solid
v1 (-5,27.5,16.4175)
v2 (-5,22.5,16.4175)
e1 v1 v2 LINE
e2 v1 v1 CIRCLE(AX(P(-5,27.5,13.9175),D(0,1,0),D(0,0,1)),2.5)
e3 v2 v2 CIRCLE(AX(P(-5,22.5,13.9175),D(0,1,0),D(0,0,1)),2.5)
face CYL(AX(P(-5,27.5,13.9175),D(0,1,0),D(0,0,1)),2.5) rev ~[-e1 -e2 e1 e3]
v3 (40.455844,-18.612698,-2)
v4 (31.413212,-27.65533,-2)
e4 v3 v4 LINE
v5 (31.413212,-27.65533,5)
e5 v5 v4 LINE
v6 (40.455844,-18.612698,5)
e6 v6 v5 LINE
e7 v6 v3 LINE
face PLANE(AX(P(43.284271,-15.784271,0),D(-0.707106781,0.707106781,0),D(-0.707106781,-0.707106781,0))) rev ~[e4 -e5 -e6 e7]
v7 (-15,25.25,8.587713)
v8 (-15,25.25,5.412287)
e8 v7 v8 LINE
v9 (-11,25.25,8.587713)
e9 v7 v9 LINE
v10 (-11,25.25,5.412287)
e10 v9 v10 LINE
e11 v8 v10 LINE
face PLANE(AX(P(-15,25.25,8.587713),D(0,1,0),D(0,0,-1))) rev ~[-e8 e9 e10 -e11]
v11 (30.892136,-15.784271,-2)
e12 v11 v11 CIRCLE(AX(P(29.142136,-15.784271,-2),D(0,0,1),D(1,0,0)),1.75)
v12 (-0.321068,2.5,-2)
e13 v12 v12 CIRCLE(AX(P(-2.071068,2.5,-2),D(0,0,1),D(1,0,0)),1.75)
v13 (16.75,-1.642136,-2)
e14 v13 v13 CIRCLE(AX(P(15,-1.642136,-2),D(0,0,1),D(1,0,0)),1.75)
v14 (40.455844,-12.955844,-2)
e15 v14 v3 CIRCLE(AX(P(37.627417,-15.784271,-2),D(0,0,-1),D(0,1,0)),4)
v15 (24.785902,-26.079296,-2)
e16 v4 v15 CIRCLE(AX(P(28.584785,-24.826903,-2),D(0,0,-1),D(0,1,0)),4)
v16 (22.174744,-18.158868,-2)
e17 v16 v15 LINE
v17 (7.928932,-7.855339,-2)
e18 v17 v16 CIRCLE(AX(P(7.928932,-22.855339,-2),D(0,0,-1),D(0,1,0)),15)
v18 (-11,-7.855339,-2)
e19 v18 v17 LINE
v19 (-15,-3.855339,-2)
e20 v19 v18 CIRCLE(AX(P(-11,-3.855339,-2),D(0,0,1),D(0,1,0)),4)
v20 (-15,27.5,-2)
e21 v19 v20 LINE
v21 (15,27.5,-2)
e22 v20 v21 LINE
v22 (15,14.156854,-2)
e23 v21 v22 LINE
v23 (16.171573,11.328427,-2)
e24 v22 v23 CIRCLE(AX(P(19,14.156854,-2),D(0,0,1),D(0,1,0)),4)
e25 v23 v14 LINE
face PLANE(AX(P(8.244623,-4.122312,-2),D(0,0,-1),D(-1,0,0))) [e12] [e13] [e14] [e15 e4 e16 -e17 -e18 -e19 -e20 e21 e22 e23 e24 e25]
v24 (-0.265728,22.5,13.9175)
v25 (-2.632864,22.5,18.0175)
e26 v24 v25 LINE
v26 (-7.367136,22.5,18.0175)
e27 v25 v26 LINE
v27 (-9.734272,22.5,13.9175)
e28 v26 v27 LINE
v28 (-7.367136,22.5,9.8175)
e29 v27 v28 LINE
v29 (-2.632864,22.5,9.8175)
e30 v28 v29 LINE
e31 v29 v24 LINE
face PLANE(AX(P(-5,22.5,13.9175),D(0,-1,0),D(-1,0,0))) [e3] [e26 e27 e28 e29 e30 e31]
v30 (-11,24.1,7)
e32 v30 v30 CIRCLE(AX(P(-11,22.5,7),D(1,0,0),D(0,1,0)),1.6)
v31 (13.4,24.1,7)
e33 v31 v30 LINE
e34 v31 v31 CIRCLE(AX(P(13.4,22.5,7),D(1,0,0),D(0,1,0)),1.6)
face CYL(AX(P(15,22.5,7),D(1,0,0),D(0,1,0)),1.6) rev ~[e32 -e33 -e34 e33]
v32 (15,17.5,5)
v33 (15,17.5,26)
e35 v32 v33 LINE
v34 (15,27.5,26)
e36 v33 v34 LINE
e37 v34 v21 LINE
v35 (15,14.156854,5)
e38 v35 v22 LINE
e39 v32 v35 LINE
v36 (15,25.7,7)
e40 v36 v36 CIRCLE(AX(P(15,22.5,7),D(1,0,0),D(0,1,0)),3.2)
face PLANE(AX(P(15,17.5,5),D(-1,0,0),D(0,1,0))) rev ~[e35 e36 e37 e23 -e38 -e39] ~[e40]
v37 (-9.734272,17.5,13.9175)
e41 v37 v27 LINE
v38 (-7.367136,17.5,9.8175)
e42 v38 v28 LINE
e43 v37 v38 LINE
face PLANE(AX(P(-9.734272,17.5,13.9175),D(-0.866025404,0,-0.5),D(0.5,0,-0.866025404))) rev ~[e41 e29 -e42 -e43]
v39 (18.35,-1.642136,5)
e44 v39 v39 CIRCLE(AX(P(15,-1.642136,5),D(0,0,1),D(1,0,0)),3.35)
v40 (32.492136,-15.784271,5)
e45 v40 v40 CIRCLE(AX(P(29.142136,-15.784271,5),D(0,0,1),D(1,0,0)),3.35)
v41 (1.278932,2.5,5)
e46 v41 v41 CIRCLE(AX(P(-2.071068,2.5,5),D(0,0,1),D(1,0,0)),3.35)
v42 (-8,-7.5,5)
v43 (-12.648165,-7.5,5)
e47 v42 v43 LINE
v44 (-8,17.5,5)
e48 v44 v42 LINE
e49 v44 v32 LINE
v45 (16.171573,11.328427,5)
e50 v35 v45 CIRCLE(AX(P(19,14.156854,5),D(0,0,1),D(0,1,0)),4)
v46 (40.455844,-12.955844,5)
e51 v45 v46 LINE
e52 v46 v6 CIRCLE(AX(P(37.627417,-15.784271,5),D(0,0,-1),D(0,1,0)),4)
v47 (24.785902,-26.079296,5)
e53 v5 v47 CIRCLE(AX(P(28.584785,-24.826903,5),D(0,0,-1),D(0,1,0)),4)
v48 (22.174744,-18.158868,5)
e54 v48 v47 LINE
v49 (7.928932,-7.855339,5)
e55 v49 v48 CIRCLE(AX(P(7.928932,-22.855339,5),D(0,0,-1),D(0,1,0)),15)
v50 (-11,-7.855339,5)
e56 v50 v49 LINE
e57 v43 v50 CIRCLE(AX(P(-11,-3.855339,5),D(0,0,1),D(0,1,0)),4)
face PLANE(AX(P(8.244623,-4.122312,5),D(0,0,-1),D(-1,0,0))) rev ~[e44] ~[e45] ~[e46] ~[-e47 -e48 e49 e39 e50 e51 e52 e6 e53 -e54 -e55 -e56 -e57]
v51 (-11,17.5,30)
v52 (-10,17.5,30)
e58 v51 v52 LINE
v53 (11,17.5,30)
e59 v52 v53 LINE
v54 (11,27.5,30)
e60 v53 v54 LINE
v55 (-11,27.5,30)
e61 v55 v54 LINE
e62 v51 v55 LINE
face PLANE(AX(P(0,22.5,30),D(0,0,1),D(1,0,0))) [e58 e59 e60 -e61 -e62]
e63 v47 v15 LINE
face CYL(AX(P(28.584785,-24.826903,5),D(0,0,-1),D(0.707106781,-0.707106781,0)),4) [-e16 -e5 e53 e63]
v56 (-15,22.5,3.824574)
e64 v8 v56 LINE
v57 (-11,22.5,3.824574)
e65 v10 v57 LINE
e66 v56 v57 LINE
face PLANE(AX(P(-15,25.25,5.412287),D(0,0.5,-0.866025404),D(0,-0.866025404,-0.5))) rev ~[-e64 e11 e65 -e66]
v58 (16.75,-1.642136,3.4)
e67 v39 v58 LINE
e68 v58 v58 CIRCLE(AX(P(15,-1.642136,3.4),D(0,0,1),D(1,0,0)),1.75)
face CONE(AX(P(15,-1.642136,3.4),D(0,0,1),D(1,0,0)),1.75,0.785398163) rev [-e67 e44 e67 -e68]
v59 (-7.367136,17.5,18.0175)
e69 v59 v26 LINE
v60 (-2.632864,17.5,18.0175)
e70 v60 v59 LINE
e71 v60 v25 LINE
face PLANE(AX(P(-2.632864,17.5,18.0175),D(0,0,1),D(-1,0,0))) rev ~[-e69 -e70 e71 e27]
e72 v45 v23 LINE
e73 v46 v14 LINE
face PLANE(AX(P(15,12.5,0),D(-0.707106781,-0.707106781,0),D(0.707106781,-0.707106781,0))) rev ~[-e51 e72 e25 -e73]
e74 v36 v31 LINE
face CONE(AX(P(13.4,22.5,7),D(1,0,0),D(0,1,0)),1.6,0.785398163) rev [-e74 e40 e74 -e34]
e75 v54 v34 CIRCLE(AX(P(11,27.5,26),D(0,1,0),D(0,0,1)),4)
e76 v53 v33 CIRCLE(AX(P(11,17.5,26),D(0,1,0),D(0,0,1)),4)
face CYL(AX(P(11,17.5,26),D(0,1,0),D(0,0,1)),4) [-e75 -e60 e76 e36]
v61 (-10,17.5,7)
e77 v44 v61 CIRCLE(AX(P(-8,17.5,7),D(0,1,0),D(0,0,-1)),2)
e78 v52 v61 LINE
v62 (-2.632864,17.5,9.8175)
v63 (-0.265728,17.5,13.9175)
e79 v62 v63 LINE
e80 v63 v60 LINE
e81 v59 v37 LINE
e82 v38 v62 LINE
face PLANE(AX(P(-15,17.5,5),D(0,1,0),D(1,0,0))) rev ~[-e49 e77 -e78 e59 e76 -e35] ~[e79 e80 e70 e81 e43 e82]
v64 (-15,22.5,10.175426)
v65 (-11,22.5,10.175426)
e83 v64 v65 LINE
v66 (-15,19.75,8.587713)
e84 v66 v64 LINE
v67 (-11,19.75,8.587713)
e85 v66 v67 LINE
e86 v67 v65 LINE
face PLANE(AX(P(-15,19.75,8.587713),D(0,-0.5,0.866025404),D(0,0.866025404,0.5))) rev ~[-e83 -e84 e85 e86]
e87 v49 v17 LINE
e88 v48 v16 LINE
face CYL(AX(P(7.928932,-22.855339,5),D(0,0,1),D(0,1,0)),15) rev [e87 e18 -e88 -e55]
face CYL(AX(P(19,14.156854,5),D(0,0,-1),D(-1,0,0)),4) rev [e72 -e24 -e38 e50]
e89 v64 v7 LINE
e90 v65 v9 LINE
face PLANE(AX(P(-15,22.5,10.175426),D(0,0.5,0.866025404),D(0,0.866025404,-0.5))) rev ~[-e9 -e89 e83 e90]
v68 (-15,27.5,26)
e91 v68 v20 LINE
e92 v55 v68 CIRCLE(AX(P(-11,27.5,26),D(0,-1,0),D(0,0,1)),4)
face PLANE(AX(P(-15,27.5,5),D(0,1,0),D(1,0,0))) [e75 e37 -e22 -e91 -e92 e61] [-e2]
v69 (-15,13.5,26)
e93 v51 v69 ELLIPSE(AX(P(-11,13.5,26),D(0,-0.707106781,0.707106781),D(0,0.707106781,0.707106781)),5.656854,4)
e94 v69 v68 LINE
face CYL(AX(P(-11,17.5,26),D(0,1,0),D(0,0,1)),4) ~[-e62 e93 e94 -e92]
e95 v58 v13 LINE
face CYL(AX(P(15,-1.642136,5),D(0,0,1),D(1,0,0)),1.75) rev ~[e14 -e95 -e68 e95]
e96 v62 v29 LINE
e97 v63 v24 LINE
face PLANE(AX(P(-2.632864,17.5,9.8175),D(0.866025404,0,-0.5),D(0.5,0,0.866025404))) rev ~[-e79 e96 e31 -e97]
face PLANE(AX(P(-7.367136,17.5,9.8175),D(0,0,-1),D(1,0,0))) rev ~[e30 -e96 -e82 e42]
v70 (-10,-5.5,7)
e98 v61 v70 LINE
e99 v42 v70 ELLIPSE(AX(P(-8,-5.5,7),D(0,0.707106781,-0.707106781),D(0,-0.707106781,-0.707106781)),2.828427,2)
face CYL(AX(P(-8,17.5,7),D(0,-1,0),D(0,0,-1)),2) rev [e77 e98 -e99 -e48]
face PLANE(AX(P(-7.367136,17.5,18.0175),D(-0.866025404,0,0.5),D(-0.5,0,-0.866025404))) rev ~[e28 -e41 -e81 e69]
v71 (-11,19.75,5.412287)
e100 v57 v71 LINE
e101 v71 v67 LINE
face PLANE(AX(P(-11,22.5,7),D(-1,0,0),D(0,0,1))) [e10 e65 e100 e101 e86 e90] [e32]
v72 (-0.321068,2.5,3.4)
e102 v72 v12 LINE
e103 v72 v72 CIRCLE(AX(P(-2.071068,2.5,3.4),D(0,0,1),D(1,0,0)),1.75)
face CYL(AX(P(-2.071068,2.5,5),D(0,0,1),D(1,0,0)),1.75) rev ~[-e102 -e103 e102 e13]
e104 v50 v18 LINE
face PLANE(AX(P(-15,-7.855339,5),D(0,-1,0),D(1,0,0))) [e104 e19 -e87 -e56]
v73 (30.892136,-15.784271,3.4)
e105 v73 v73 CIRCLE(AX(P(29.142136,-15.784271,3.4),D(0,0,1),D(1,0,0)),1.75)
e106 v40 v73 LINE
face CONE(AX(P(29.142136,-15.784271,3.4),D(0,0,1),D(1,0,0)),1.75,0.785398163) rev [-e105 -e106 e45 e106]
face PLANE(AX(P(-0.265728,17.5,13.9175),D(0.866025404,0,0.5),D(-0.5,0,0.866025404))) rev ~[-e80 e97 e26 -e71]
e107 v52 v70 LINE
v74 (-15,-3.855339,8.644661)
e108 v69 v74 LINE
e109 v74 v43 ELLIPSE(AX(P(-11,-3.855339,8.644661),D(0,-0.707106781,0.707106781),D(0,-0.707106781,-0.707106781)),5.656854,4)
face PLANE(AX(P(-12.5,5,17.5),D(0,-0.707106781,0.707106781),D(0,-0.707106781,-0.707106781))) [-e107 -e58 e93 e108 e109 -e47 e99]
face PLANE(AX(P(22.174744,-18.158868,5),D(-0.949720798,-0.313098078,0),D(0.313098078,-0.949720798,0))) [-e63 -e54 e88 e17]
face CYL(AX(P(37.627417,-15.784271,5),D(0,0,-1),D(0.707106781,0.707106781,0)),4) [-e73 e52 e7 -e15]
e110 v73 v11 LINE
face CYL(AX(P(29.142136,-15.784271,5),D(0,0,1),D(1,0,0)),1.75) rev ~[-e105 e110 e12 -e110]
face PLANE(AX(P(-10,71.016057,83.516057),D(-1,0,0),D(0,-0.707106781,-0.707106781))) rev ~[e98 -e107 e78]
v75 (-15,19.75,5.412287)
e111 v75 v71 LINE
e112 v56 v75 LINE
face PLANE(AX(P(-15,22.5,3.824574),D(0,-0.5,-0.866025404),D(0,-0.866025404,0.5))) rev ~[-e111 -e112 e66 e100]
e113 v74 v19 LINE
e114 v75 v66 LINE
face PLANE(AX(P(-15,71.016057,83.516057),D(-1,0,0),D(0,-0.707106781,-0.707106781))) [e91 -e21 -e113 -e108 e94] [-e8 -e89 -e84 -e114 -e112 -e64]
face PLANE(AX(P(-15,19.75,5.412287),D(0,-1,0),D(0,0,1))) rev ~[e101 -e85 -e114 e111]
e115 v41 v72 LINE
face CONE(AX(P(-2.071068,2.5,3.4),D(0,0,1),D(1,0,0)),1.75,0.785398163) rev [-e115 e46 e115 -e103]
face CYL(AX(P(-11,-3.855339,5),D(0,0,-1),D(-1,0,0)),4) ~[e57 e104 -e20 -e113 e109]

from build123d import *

# Parameters (mm, degrees)
BOSS_EXTRUDE1_DEPTH      = 5
BOSS_EXTRUDE1_DEPTH_BACK = 2
SKETCH3_W                = 30
SKETCH3_H                = 10
BOSS_EXTRUDE2_DEPTH      = 25
SKETCH4_R                = 2.5
CUT_EXTRUDE1_DEPTH       = 83.331203834
RIB1_REACH               = 76.683
SKETCH6_WALL_W           = 186.72160491
SKETCH6_WALL_H           = 5
CUT_EXTRUDE2_DEPTH       = 7
CUT_EXTRUDE3_DEPTH       = 5
FILLET1_R                = 4
SKETCH9_R                = 1.75
CUT_EXTRUDE4_DEPTH       = 60.485369609
CHAMFER1_SIZE            = 1.6
FILLET2_R                = 4
SKETCH10_R               = 1.6
CUT_EXTRUDE5_DEPTH       = 52.293180378
CUT_EXTRUDE6_DEPTH       = 4
CHAMFER2_SIZE            = 1.6
FILLET3_R                = 2


with BuildPart() as part:
    # Sketch1 → Boss-Extrude1 (new, two sides)
    with BuildSketch(Plane.XY) as boss_extrude1_sk:
        Polygon((15, 27.5), (15, 12.5), (43.284271247, -15.784271247), (23.284271247, -35.784271247), (15, -27.5), (-15, -27.5), (-15, 27.5), align=None)
    extrude(amount=BOSS_EXTRUDE1_DEPTH)
    extrude(boss_extrude1_sk.sketch, amount=-BOSS_EXTRUDE1_DEPTH_BACK)

    # Sketch3 → Boss-Extrude2 (add)
    with BuildSketch(Plane.XY.offset(5)):
        with Locations((0, 22.5)):
            Rectangle(SKETCH3_W, SKETCH3_H)
    extrude(amount=BOSS_EXTRUDE2_DEPTH)

    # Sketch4 → Cut-Extrude1 (cut, through all)
    with BuildSketch(Plane(origin=(0, 27.5, 0), x_dir=(1, 0, 0), z_dir=(0, 1, 0))):
        with Locations(Location((-5, -13.9175, 0), (0, 0, 270))):
            Circle(SKETCH4_R)
    extrude(amount=-CUT_EXTRUDE1_DEPTH, mode=Mode.SUBTRACT)

    # Sketch6 wall → Rib1 (add, up to next)
    with BuildSketch(Plane(origin=(-15, 5, 17.5), x_dir=(0, -0.707106781187, -0.707106781187), z_dir=(0, -0.707106781187, 0.707106781187)), mode=Mode.PRIVATE) as rib1_sk1:
        with Locations((0, 2.5)):
            Rectangle(SKETCH6_WALL_W, SKETCH6_WALL_H)
    rib1_tool1 = extrude(rib1_sk1.sketch, amount=-RIB1_REACH, mode=Mode.PRIVATE) - part.part
    add(rib1_tool1.solids().sort_by_distance((-15, 5, 17.5))[0])

    # Sketch7 → Cut-Extrude2 (cut)
    with BuildSketch(Plane.XY.offset(5)):
        with BuildLine():
            Line((22.174744155, -18.158867896), (26.819805153, -32.248737342))
            Line((26.819805153, -32.248737342), (23.284271247, -35.784271247))
            Line((23.284271247, -35.784271247), (-15, -27.5))
            Line((-15, -27.5), (-15, -7.855339059))
            Line((-15, -7.855339059), (7.928932188, -7.855339059))
            ThreePointArc((7.928932188, -7.855339059), (16.719635588, -10.701182004), (22.174744155, -18.158867896))
        make_face()
    extrude(amount=-CUT_EXTRUDE2_DEPTH, mode=Mode.SUBTRACT)

    # Sketch8 → Cut-Extrude3 (cut)
    with BuildSketch(Plane(origin=(0, 17.5, 0), x_dir=(-1, 0, 0), z_dir=(0, -1, 0))):
        Polygon((0.265727793, -13.9175), (2.632863896, -18.0175), (7.367136104, -18.0175), (9.734272207, -13.9175), (7.367136104, -9.8175), (2.632863896, -9.8175), align=None)
    extrude(amount=-CUT_EXTRUDE3_DEPTH, mode=Mode.SUBTRACT)

    # Fillet1
    fillet1_edges = [part.edges().sort_by_distance(p)[0] for p in [
        (-15, 22.5, 30),
        (15, 22.5, 30),
    ]]
    fillet(fillet1_edges, radius=FILLET1_R)

    # Sketch9 → Cut-Extrude4 (cut, through all)
    with BuildSketch(Plane.XY.offset(5)):
        with Locations((15, -1.642135624)):
            Circle(SKETCH9_R)
        with Locations((29.142135624, -15.784271247)):
            Circle(SKETCH9_R)
        with Locations((-2.071067812, 2.5)):
            Circle(SKETCH9_R)
    extrude(amount=-CUT_EXTRUDE4_DEPTH, mode=Mode.SUBTRACT)

    # Chamfer1
    chamfer1_edges = [part.edges().sort_by_distance(p)[0] for p in [
        (-3.821067812, 2.5, 5),
        (27.392135624, -15.784271247, 5),
        (13.25, -1.642135624, 5),
    ]]
    chamfer(chamfer1_edges, length=CHAMFER1_SIZE)

    # Fillet2
    fillet2_edges = [part.edges().sort_by_distance(p)[0] for p in [
        (15, 12.5, 1.5),
        (43.284271247, -15.784271247, 1.5),
        (26.819805153, -32.248737342, 1.5),
        (-15, -7.855339059, 1.5),
    ]]
    fillet(fillet2_edges, radius=FILLET2_R)

    # Sketch10 → Cut-Extrude5 (cut, through all)
    with BuildSketch(Plane(origin=(15, 0, 0), x_dir=(0, 0, -1), z_dir=(1, 0, 0))):
        with Locations(Location((-7, 22.5, 0), (0, 0, 90))):
            Circle(SKETCH10_R)
    extrude(amount=-CUT_EXTRUDE5_DEPTH, mode=Mode.SUBTRACT)

    # Sketch11 → Cut-Extrude6 (cut)
    with BuildSketch(Plane.ZY.offset(15)):
        Polygon((8.58771324, 19.75), (10.175426481, 22.5), (8.58771324, 25.25), (5.41228676, 25.25), (3.824573519, 22.5), (5.41228676, 19.75), align=None)
    extrude(amount=-CUT_EXTRUDE6_DEPTH, mode=Mode.SUBTRACT)

    # Chamfer2
    chamfer2_edges = [part.edges().sort_by_distance(p)[0] for p in [
        (15, 20.9, 7),
    ]]
    chamfer(chamfer2_edges, length=CHAMFER2_SIZE)

    # Fillet3
    fillet3_edges = [part.edges().sort_by_distance(p)[0] for p in [
        (-10, 5, 5),
    ]]
    fillet(fillet3_edges, radius=FILLET3_R)


solid = part.part
